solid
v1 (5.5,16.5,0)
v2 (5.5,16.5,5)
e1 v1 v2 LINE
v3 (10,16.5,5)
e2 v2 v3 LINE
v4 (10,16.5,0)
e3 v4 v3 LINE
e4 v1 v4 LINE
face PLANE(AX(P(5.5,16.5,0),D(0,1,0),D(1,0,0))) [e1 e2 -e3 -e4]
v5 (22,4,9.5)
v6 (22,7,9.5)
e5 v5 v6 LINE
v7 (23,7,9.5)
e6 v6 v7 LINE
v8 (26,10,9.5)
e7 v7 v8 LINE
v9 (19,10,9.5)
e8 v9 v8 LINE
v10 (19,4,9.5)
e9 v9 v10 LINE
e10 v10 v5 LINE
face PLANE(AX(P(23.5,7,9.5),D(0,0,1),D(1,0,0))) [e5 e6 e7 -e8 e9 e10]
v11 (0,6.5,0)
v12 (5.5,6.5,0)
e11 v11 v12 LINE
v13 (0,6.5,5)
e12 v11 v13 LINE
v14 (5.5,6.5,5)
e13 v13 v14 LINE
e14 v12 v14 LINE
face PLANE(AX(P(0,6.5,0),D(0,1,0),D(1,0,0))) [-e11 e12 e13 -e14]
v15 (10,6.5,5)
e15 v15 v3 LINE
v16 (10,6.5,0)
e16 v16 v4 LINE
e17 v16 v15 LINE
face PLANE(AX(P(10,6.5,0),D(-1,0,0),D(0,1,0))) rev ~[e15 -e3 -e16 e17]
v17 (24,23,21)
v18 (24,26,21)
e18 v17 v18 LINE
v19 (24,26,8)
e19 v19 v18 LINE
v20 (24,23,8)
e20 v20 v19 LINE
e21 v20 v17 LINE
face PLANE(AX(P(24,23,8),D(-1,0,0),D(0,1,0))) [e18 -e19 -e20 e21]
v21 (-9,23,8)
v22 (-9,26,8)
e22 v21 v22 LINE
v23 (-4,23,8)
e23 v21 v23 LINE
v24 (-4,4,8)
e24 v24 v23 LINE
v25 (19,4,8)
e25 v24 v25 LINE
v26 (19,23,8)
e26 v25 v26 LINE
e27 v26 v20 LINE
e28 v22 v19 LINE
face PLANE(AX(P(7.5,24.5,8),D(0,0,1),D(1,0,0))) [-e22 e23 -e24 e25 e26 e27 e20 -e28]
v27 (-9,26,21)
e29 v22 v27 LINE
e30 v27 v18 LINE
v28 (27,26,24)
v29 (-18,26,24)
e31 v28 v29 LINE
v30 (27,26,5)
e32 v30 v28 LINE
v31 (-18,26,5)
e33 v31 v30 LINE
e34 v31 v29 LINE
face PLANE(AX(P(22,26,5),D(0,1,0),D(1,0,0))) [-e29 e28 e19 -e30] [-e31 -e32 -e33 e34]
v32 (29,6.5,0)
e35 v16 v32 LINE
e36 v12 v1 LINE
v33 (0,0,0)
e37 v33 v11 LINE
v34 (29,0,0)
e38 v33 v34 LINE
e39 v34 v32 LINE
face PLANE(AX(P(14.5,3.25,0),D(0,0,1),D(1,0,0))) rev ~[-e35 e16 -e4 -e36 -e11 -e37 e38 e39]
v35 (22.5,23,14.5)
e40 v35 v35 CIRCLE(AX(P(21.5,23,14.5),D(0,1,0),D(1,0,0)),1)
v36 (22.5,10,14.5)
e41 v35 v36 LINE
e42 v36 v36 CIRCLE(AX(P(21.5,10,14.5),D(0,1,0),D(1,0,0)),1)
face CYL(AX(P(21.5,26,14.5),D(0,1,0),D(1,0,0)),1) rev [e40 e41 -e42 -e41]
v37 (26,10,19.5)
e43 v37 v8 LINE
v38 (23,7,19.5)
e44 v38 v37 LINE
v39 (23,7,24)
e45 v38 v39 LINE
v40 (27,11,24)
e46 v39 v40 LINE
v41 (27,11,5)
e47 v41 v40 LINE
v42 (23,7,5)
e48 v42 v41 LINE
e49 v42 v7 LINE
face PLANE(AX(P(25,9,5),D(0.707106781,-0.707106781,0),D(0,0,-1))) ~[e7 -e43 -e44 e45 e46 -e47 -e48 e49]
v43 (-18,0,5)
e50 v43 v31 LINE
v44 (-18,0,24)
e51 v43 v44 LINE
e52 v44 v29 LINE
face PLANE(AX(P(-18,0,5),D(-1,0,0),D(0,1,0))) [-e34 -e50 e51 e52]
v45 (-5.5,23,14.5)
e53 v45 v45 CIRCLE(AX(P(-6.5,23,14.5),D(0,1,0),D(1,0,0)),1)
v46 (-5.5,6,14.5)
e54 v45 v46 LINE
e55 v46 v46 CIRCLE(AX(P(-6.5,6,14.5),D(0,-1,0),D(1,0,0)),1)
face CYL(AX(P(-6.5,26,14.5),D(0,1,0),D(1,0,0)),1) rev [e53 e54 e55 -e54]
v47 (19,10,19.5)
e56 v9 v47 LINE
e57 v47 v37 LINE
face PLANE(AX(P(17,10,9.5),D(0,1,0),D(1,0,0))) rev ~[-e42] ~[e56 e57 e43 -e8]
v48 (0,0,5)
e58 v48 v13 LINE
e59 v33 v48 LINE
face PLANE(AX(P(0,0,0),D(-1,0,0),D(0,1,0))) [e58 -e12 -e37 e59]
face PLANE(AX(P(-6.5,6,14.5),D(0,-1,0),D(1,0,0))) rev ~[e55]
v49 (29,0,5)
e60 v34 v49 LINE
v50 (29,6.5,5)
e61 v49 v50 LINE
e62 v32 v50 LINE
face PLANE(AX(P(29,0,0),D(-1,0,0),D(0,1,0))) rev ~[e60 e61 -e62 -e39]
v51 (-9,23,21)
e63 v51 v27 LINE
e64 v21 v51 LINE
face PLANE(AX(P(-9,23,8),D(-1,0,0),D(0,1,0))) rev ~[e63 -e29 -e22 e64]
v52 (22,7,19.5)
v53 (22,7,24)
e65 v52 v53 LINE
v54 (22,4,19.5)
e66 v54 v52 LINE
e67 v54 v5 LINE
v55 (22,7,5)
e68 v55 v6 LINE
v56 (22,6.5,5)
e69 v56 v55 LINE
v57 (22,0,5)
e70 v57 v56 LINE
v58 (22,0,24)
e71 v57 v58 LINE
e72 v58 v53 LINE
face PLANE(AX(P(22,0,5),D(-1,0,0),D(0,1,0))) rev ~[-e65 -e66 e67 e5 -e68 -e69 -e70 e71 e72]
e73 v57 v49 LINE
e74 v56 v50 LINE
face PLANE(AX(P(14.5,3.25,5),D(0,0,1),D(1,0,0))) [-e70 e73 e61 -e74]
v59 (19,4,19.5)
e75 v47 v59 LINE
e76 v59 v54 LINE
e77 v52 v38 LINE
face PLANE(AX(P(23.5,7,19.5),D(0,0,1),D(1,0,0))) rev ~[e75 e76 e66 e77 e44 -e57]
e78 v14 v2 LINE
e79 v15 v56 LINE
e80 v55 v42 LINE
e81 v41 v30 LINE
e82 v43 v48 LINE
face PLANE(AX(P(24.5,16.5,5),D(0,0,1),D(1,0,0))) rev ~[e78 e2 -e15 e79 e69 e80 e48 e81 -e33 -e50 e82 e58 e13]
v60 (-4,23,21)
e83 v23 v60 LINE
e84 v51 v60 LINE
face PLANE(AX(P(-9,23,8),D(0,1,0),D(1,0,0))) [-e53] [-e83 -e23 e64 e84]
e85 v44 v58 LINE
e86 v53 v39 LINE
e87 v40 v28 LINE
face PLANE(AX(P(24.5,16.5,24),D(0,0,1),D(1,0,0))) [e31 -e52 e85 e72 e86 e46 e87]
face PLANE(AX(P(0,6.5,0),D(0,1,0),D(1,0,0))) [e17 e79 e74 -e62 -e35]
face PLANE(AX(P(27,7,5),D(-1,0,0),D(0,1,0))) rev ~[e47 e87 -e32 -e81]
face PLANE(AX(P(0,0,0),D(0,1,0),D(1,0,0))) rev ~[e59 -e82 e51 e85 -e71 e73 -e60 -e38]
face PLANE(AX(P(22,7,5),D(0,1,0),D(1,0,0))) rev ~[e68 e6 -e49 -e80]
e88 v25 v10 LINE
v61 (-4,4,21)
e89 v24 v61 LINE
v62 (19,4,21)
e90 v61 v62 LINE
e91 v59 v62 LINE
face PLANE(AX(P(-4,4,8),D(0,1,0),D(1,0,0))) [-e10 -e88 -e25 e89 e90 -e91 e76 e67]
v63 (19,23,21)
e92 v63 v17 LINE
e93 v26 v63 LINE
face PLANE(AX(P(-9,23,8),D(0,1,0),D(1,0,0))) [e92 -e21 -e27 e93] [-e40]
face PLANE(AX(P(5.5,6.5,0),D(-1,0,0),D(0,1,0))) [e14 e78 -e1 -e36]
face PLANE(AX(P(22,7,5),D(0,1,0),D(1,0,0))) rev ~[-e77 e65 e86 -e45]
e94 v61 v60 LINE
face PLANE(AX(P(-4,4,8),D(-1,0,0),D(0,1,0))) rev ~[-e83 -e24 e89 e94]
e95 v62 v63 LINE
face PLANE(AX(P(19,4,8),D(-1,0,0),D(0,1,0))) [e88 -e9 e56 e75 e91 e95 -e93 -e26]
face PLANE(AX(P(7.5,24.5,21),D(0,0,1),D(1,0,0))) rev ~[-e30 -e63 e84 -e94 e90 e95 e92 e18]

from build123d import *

# Parameters (mm, degrees)
CYLINDER_R             = 1
CYLINDER_DEPTH         = 20
CYLINDER_ROLL_ANGLE    = 90
BOX003_W               = 23
BOX003_H               = 19
BOX003_DEPTH           = 13
BOX004_W               = 33
BOX004_H               = 3
BOX004_DEPTH           = 13
CYLINDER001_R          = 1
CYLINDER001_DEPTH      = 20
CYLINDER001_ROLL_ANGLE = 90
BOX006_W               = 13
BOX006_H               = 6
BOX006_DEPTH           = 10
BOX005_W               = 5
BOX005_H               = 19
BOX005_DEPTH           = 19
CHAMFER_SIZE           = 4
BOX_W                  = 29
BOX_H                  = 6.5
BOX_DEPTH              = 5
BOX001_W               = 4.5
BOX001_H               = 10
BOX001_DEPTH           = 5
BOX002_W               = 40
BOX002_H               = 26
BOX002_DEPTH           = 19


with BuildPart() as cilindro:
    # Cylinder → Cylinder (new body)
    with BuildSketch(Plane.XY):
        Circle(CYLINDER_R)
    extrude(amount=CYLINDER_DEPTH)


with BuildPart() as cilindro_1:
    # Cylinder roll: moved
    add(cilindro.part.rotate(Axis((0, 0, 0), (1, 0, 0)), CYLINDER_ROLL_ANGLE))


with BuildPart() as cilindro_2:
    # Cylinder placement: moved
    add(cilindro_1.part.moved(Location((-2.5, 55, 6.5))))


with BuildPart() as cubo003:
    # Box003 → Box003 (new body)
    with BuildSketch(Plane(origin=(0, 33, 0), x_dir=(1, 0, 0), z_dir=(0, 0, 1))):
        with Locations((11.5, 9.5)):
            Rectangle(BOX003_W, BOX003_H)
    extrude(amount=BOX003_DEPTH)


with BuildPart() as fusion002:
    # Box004 → Box004 (new body)
    with BuildSketch(Plane(origin=(-5, 52, 0), x_dir=(1, 0, 0), z_dir=(0, 0, 1))):
        with Locations((16.5, 1.5)):
            Rectangle(BOX004_W, BOX004_H)
    extrude(amount=BOX004_DEPTH)

    # Fusion002: union Cubo003
    add(cubo003.part)


with BuildPart() as servo_model:
    # Cylinder001 → Cylinder001 (new body)
    with BuildSketch(Plane.XY):
        Circle(CYLINDER001_R)
    extrude(amount=CYLINDER001_DEPTH)


with BuildPart() as servo_model_1:
    # Cylinder001 roll: moved
    add(servo_model.part.rotate(Axis((0, 0, 0), (1, 0, 0)), CYLINDER001_ROLL_ANGLE))


with BuildPart() as servo_model_2:
    # Cylinder001 placement: moved
    add(servo_model_1.part.moved(Location((25.5, 55, 6.5))))

    # Fusion003: union Cilindro, Fusion002
    add(cilindro_2.part)
    add(fusion002.part)


with BuildPart() as servo_model_3:
    # Fusion003 placement: moved
    add(servo_model_2.part.moved(Location((-4, -1, 13))))


with BuildPart() as servo_cable_model:
    # Box006 → Box006 (new body)
    with BuildSketch(Plane(origin=(17, 32, 14.5), x_dir=(1, 0, 0), z_dir=(0, 0, 1))):
        with Locations((6.5, 3)):
            Rectangle(BOX006_W, BOX006_H)
    extrude(amount=BOX006_DEPTH)

    # Fusion005: union Servo_Model
    add(servo_model_3.part)


with BuildPart() as servo_cable_model_1:
    # Fusion005 placement: moved
    add(servo_cable_model.part.moved(Location((0, -28, 0))))


with BuildPart() as chamfer_body:
    # Box005 → Box005 (new body)
    with BuildSketch(Plane(origin=(22, 7, 10), x_dir=(1, 0, 0), z_dir=(0, 0, 1))):
        with Locations((2.5, 9.5)):
            Rectangle(BOX005_W, BOX005_H)
    extrude(amount=BOX005_DEPTH)

    # Chamfer
    chamfer_edges = [chamfer_body.edges().sort_by_distance(p)[0] for p in [
        (27, 7, 19.5),
    ]]
    chamfer(chamfer_edges, length=CHAMFER_SIZE)


with BuildPart() as cubo:
    # Box → Box (new body)
    with BuildSketch(Plane.XY.offset(5)):
        with Locations((14.5, 3.25)):
            Rectangle(BOX_W, BOX_H)
    extrude(amount=BOX_DEPTH)


with BuildPart() as fusion:
    # Box001 → Box001 (new body)
    with BuildSketch(Plane(origin=(5.5, 6.5, 5), x_dir=(1, 0, 0), z_dir=(0, 0, 1))):
        with Locations((2.25, 5)):
            Rectangle(BOX001_W, BOX001_H)
    extrude(amount=BOX001_DEPTH)

    # Fusion: union Cubo
    add(cubo.part)


with BuildPart() as pieza_sujeccion_servo:
    # Box002 → Box002 (new body)
    with BuildSketch(Plane(origin=(-18, 0, 10), x_dir=(1, 0, 0), z_dir=(0, 0, 1))):
        with Locations((20, 13)):
            Rectangle(BOX002_W, BOX002_H)
    extrude(amount=BOX002_DEPTH)

    # Fusion001: union Fusion
    add(fusion.part)

    # Fusion004: union Chamfer body
    add(chamfer_body.part)

    # Cut: cut Servo_Cable_model
    add(servo_cable_model_1.part, mode=Mode.SUBTRACT)


with BuildPart() as pieza_sujeccion_servo_1:
    # Cut placement: moved
    add(pieza_sujeccion_servo.part.moved(Location((0, 0, -5))))


solid = pieza_sujeccion_servo_1.part
